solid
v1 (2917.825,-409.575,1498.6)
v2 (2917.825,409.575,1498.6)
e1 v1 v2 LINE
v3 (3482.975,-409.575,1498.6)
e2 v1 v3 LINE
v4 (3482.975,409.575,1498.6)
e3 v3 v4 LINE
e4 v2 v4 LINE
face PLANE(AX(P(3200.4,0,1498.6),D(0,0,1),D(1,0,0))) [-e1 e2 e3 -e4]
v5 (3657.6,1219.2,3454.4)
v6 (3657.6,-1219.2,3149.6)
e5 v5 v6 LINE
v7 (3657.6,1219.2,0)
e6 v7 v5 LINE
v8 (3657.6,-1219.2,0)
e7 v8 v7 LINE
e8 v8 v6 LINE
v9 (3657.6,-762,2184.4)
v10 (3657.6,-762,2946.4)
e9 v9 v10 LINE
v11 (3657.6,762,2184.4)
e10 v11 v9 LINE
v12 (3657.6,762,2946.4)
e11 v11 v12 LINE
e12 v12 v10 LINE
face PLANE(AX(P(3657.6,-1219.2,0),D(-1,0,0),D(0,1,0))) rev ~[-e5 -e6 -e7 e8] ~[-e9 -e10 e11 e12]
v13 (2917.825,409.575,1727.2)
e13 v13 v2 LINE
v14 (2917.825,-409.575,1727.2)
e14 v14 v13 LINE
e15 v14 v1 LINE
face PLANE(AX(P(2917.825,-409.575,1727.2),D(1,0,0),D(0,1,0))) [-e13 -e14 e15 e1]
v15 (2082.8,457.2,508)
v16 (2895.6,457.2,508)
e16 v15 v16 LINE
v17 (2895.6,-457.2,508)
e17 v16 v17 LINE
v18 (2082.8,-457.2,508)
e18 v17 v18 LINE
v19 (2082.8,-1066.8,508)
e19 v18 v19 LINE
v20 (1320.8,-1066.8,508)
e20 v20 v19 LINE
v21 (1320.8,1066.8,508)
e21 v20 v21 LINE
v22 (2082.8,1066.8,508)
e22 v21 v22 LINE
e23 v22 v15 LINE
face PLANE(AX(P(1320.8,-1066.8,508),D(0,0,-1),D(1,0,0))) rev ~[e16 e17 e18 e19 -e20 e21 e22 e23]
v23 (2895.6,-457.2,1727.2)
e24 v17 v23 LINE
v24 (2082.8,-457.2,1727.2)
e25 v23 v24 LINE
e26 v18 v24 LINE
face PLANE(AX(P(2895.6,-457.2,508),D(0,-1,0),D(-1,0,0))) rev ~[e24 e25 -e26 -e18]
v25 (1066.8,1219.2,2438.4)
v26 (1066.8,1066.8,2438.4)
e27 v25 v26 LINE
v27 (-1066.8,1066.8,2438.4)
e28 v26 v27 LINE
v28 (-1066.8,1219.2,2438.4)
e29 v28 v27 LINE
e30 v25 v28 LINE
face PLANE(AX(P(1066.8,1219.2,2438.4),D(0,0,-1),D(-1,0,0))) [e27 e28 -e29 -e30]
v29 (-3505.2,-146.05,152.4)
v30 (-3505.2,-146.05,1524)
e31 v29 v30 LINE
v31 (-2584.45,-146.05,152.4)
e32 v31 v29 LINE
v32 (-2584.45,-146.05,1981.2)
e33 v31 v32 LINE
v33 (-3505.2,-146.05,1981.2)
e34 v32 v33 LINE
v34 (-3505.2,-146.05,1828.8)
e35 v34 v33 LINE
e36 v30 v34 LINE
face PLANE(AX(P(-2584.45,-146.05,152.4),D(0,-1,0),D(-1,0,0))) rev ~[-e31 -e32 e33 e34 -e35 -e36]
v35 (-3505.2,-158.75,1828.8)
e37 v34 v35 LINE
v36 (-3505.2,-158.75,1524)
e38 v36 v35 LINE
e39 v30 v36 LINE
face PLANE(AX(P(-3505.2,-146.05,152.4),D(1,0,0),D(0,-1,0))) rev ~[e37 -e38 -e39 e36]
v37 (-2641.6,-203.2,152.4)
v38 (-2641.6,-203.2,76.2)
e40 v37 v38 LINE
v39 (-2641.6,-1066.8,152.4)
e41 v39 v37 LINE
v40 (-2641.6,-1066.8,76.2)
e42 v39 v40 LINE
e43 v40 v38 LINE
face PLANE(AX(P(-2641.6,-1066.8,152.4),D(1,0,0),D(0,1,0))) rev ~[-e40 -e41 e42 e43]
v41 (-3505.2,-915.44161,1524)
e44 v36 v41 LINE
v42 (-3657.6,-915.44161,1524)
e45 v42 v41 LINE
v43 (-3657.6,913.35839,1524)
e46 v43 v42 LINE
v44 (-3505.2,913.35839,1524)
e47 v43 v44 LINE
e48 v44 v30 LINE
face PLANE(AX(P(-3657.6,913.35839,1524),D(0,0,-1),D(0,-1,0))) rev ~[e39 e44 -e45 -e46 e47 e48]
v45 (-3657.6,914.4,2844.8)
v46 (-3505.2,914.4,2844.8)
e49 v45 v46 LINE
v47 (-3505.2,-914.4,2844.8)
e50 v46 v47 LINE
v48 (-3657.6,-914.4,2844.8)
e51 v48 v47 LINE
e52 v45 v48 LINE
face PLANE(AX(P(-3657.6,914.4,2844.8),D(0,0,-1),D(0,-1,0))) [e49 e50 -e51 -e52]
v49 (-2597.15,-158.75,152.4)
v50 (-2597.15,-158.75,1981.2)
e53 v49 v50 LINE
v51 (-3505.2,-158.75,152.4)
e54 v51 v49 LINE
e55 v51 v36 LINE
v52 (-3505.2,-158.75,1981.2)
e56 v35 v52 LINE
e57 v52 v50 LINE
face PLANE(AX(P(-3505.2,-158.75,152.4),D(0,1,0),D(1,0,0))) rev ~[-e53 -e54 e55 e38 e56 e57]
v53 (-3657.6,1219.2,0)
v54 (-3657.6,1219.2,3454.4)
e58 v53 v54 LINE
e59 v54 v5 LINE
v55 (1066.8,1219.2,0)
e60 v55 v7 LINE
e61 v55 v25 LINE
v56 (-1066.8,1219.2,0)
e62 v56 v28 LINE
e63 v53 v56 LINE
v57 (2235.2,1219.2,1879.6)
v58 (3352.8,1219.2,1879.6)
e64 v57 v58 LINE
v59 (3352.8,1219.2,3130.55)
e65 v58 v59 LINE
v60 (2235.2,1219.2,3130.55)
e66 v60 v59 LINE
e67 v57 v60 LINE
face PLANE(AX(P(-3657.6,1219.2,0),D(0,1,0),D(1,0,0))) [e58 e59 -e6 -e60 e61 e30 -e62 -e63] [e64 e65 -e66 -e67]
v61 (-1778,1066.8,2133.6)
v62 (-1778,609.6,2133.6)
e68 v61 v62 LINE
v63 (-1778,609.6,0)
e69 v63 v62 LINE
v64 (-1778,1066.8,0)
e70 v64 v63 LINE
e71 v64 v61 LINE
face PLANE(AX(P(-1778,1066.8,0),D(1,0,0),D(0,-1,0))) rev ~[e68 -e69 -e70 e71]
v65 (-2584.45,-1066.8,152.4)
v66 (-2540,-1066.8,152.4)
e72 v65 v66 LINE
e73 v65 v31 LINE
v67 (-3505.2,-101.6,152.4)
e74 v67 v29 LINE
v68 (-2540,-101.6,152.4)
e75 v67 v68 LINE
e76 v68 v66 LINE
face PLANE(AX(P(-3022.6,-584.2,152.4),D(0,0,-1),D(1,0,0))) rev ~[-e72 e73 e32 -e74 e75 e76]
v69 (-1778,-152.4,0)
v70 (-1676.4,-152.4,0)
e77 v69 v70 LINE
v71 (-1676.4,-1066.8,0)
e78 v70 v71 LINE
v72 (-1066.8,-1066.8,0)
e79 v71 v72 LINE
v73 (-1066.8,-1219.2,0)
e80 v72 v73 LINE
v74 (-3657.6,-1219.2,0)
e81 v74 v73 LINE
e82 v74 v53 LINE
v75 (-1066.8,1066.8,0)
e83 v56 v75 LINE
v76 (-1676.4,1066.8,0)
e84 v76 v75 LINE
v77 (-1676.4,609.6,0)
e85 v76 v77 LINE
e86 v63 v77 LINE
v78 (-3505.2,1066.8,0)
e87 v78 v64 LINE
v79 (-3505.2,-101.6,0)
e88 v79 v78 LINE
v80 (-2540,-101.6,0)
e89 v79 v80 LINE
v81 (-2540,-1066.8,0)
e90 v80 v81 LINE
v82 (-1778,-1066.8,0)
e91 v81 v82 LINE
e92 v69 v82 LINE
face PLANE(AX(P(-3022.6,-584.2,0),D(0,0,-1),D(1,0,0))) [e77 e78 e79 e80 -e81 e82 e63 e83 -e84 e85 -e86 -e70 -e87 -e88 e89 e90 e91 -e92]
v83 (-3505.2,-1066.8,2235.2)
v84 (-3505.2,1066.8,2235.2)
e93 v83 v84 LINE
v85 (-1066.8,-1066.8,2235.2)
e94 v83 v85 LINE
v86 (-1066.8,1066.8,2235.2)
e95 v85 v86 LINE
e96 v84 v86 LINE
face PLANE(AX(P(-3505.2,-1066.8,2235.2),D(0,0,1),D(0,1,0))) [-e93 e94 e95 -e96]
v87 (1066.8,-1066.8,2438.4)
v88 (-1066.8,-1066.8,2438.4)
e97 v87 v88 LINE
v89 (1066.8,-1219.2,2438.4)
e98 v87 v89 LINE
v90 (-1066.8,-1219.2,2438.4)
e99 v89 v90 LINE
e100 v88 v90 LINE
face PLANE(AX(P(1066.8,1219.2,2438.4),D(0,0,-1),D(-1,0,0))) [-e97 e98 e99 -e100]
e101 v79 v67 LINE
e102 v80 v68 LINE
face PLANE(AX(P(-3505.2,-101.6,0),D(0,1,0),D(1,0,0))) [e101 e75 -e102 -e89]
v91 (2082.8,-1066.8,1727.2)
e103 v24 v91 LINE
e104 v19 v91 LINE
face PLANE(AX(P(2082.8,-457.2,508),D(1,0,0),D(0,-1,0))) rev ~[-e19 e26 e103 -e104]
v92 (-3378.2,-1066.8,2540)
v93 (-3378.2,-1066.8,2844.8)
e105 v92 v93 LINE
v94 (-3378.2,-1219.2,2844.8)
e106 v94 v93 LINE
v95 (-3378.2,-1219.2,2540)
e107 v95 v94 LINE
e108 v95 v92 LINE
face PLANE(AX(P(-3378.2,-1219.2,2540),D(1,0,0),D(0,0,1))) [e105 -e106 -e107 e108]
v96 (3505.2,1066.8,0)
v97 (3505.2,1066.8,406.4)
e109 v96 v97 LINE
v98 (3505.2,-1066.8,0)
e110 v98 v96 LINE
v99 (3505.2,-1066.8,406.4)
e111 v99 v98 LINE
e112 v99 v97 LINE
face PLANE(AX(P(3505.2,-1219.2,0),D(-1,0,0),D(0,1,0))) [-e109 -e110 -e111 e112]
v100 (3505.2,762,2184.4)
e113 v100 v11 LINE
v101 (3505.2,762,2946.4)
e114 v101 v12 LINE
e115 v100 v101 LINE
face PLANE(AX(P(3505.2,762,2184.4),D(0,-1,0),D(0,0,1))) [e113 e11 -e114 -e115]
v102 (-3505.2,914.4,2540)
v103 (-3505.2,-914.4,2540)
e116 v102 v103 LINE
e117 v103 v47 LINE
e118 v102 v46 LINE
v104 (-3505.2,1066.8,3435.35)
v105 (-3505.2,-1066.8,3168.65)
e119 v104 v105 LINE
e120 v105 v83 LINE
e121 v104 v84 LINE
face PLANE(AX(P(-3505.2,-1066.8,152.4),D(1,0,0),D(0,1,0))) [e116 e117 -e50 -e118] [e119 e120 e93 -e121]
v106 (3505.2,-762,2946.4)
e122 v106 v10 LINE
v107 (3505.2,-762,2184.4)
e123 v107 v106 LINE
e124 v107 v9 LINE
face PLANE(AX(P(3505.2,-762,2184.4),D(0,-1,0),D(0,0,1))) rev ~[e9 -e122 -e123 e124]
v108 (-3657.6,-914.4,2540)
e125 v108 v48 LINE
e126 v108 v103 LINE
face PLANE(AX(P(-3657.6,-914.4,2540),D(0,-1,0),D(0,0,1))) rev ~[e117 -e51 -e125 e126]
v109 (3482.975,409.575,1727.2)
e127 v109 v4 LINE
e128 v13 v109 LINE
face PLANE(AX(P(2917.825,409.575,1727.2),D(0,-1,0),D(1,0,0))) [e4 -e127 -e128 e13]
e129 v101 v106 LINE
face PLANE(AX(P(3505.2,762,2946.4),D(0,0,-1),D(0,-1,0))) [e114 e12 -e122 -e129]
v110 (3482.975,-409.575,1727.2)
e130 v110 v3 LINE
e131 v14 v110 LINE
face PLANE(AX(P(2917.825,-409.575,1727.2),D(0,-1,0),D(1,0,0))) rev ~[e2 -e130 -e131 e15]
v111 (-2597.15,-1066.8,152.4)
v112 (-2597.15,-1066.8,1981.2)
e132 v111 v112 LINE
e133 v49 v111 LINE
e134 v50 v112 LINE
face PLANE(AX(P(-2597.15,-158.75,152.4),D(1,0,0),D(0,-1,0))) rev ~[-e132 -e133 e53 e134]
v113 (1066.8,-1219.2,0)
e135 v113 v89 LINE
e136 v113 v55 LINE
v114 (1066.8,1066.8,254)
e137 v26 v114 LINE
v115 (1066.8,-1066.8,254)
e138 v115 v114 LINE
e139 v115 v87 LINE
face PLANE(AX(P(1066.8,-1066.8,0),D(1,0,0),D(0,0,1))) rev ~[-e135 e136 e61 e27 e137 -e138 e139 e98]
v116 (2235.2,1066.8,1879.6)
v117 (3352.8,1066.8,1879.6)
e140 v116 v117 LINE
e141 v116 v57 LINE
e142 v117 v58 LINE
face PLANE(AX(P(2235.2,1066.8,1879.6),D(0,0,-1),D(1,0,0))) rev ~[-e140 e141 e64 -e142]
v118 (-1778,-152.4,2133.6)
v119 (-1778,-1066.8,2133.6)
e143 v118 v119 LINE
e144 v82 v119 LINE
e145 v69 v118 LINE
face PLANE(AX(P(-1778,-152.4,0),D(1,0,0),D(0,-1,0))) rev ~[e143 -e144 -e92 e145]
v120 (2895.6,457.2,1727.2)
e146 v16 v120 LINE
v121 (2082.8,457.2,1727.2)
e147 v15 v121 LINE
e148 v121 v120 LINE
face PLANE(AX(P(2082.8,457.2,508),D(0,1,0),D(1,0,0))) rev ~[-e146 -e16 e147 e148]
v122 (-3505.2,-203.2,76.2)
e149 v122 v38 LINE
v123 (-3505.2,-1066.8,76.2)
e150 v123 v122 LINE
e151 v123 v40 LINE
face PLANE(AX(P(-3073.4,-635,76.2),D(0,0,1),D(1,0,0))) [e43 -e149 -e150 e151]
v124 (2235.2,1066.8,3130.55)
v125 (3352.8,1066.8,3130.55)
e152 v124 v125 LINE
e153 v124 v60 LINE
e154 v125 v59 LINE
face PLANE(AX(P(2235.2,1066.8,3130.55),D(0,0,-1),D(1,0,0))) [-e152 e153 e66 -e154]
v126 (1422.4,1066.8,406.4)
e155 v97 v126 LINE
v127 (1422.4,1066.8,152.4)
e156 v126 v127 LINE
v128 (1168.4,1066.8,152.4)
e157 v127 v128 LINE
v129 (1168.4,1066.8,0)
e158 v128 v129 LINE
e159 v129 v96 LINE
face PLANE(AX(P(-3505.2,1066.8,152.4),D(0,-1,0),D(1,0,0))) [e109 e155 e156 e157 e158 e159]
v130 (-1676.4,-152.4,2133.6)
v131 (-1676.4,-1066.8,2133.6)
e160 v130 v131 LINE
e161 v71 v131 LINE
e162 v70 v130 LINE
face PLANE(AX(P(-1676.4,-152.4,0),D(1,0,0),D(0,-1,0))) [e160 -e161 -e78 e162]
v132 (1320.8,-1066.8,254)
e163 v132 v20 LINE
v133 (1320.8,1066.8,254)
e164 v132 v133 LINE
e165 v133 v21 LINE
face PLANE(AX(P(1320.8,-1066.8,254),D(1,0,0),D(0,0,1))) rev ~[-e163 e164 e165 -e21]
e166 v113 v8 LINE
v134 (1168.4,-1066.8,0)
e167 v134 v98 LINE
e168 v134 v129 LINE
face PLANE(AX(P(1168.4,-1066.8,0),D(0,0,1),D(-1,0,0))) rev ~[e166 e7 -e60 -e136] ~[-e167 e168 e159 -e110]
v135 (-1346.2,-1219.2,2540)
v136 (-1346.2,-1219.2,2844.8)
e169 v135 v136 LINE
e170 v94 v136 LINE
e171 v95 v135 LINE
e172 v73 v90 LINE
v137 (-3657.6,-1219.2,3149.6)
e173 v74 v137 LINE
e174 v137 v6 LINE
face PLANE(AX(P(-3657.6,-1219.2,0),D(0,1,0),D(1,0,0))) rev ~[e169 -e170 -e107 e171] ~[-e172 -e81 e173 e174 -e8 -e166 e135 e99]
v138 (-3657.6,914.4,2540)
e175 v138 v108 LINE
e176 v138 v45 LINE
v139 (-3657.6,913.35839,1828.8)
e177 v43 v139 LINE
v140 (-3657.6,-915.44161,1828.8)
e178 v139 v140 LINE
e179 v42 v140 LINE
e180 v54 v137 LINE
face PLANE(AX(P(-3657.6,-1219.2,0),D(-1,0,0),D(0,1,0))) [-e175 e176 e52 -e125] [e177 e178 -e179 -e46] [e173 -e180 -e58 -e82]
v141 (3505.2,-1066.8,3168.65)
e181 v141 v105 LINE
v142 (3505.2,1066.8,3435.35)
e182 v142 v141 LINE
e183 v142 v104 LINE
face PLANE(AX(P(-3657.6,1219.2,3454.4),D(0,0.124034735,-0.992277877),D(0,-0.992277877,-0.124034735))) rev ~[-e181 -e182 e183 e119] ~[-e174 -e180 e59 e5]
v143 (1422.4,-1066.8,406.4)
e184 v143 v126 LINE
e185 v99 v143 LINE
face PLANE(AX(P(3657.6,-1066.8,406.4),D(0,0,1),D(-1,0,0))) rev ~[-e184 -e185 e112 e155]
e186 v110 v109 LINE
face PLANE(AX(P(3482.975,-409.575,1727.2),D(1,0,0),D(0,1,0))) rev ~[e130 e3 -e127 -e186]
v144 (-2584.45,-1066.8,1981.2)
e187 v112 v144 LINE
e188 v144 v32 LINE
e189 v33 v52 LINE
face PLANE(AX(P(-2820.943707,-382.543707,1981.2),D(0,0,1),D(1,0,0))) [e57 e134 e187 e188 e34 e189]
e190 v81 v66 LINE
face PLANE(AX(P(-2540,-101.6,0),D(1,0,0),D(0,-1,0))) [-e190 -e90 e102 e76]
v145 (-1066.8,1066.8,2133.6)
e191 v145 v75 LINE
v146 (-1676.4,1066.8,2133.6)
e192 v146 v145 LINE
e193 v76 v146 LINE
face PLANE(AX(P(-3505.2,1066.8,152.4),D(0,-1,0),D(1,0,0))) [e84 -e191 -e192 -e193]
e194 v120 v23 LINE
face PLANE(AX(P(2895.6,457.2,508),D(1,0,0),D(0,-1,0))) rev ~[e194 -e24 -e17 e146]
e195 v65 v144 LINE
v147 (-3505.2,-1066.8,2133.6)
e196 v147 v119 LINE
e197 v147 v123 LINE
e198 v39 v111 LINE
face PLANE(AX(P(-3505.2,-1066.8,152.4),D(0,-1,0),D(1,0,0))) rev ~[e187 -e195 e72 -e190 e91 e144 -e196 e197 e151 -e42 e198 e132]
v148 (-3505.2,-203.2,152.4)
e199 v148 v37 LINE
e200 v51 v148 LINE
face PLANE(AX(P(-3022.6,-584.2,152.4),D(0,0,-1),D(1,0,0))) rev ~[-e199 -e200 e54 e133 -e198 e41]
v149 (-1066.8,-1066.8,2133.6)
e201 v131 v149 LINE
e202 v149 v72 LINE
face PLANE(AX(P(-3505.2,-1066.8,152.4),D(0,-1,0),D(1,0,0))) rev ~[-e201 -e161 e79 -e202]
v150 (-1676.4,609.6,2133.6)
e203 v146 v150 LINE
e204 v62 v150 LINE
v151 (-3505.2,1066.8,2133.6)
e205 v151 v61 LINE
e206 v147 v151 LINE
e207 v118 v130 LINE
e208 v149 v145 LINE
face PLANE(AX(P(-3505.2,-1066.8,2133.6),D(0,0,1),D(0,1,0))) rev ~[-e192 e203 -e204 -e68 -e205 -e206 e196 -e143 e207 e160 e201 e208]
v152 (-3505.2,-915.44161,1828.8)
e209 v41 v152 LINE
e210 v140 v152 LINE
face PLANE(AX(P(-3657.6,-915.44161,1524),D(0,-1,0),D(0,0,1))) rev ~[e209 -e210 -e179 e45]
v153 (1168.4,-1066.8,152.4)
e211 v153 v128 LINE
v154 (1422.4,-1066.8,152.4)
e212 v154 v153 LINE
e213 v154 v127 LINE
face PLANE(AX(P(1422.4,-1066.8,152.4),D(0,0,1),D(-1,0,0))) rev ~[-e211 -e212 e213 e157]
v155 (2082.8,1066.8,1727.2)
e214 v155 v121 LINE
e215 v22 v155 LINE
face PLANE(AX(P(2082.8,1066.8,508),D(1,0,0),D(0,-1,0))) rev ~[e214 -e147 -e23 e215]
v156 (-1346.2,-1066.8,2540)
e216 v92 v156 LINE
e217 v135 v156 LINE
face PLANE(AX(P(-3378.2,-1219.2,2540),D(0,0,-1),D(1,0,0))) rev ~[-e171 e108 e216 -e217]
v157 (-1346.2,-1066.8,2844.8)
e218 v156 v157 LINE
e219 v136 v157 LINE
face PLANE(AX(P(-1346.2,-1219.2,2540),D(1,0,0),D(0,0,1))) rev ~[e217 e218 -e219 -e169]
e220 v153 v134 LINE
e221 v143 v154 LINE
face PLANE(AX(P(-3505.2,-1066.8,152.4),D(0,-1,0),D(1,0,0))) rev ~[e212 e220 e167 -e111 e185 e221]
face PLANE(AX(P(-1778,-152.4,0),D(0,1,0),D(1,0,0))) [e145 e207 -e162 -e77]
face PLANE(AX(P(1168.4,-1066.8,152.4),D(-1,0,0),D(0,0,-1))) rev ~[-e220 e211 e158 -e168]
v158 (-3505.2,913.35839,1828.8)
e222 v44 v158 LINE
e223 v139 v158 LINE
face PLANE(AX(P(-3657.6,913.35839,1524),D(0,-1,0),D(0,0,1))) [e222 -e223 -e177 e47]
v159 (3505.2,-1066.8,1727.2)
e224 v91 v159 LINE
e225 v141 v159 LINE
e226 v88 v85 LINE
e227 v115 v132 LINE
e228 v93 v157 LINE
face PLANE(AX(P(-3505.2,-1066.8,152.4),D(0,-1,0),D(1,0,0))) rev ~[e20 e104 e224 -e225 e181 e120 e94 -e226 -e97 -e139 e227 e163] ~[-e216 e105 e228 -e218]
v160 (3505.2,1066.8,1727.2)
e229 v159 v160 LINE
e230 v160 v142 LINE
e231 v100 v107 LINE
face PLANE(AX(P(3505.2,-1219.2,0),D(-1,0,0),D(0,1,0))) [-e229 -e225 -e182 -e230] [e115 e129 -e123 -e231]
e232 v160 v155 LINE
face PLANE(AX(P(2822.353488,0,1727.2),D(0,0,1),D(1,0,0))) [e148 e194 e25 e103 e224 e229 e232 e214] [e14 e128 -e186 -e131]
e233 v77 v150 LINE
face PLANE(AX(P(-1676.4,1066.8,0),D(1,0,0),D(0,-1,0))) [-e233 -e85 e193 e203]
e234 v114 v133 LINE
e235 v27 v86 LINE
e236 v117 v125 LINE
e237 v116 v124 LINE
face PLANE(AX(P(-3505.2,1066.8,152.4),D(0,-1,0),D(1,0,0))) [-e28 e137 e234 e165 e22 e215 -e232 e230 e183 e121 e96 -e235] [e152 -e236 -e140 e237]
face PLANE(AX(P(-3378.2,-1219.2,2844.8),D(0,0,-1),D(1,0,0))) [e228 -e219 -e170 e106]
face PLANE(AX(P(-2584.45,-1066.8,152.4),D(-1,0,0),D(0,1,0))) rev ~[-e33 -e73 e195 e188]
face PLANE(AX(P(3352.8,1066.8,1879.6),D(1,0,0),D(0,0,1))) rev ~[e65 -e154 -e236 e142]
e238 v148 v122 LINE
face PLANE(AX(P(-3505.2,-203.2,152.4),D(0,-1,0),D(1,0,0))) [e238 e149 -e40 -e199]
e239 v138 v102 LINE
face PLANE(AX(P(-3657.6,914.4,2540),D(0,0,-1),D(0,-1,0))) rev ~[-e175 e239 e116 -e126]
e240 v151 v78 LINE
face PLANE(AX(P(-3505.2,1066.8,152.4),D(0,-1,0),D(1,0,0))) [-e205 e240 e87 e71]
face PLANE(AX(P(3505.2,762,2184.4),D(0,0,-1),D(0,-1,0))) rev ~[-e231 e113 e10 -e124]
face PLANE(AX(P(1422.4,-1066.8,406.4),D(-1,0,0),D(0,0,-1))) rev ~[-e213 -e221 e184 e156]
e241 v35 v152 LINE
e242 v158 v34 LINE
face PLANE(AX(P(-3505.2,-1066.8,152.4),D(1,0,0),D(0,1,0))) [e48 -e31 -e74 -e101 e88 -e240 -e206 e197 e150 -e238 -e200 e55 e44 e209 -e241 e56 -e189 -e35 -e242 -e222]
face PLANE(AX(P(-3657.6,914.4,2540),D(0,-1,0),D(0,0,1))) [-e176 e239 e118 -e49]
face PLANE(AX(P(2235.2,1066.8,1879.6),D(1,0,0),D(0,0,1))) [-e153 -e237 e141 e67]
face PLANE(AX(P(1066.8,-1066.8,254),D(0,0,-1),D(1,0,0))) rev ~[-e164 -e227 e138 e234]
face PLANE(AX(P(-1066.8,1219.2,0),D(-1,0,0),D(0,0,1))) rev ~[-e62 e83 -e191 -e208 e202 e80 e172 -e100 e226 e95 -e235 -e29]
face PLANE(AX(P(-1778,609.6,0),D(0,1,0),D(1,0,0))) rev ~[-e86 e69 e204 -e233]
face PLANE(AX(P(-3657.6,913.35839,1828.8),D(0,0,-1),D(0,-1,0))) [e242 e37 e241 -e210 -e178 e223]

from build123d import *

# Parameters (mm, degrees)
F0_W      = 7315.2
F0_H      = 2438.4
F1_DEPTH  = 3454.4
F2_T      = -152.4
F4_DEPTH  = 7315.2
F5_W      = 2133.6
F5_H      = 2438.4
F6_DEPTH  = 2438.4
F7_W      = 7010.4
F7_H      = 2133.6
F8_DEPTH  = 152.4
F9_W      = 2133.6
F9_H      = 101.6
F10_DEPTH = 2438.4
F12_DEPTH = 2133.6
F13_W     = 1117.6
F13_H     = 1250.95
F14_DEPTH = 152.4
F16_DEPTH = 1219.2
F17_W     = 1524
F17_H     = 762
F18_DEPTH = 152.4
F19_W     = 565.15
F19_H     = 819.15
F20_DEPTH = 228.6
F22_W     = 1828.8
F22_H     = 304.8
F23_DEPTH = 152.4
F24_W     = 101.6
F24_H     = 914.4
F24_H_2   = 457.2
F25_DEPTH = 2133.6
F26_W     = 965.2
F26_H     = 965.2
F27_DEPTH = 152.4
F28_W     = 863.6
F28_H     = 863.6
F29_DEPTH = 76.2
F31_DEPTH = 1828.8
F32_W     = 2032
F32_H     = 304.8
F33_DEPTH = 152.4


with BuildPart() as f1:
    # F0 (on Top) → F1 (new body)
    with BuildSketch(Plane.XY):
        Rectangle(F0_W, F0_H)
    extrude(amount=F1_DEPTH)

    # F2
    f2_openings = [f1.faces().sort_by_distance(p)[0] for p in [
        (0, 0, 3454.4),
    ]]
    offset(amount=F2_T, openings=f2_openings)

    # F3 (on face) → F4 (cut, through all)
    with BuildSketch(Plane(origin=(-3657.6, 0, 0), x_dir=(0, -1, 0), z_dir=(-1, 0, 0))):
        Polygon((1219.2, 3454.4), (-1219.2, 3454.4), (1219.2, 3149.6), align=None)
    extrude(amount=-F4_DEPTH, mode=Mode.SUBTRACT)

    # F5 (on face) → F6 (cut, through all)
    with BuildSketch(Plane(origin=(0, 1219.2, 0), x_dir=(-1, 0, 0), z_dir=(0, 1, 0))):
        with Locations((0, 1219.2)):
            Rectangle(F5_W, F5_H)
    extrude(amount=-F6_DEPTH, mode=Mode.SUBTRACT)

    # F7 (on face) → F8 (cut, through all)
    with BuildSketch(Plane.XY.offset(152.4)):
        Rectangle(F7_W, F7_H)
    extrude(amount=-F8_DEPTH, mode=Mode.SUBTRACT)

    # F9 (on face) → F10 (join)
    with BuildSketch(Plane.YZ.offset(-3505.2)):
        with Locations((0, 2184.4)):
            Rectangle(F9_W, F9_H)
    extrude(amount=F10_DEPTH)

    # F11 (on face) → F12 (join, through all)
    with BuildSketch(Plane(origin=(0, -1066.8, 0), x_dir=(-1, 0, 0), z_dir=(0, 1, 0))):
        Polygon((-1168.4, 0), (-1066.8, 0), (-1066.8, 254), (-1320.8, 254), (-1320.8, 508), (-3657.6, 508), (-3657.6, 406.4), (-1422.4, 406.4), (-1422.4, 152.4), (-1168.4, 152.4), align=None)
    extrude(amount=F12_DEPTH)

    # F13 (on face) → F14 (cut, through all)
    with BuildSketch(Plane.XZ.offset(-1066.8)):
        with Locations((2794, 2505.075)):
            Rectangle(F13_W, F13_H)
    extrude(amount=-F14_DEPTH, mode=Mode.SUBTRACT)

    # F15 (on face) → F16 (join)
    with BuildSketch(Plane.XY.offset(508)):
        Polygon((3505.2, 1066.8), (2082.8, 1066.8), (2082.8, 457.2), (2895.6, 457.2), (2895.6, -457.2), (2082.8, -457.2), (2082.8, -1066.8), (3505.2, -1066.8), align=None)
    extrude(amount=F16_DEPTH)

    # F17 (on face) → F18 (cut, through all)
    with BuildSketch(Plane(origin=(3505.2, 0, 0), x_dir=(0, -1, 0), z_dir=(-1, 0, 0))):
        with Locations((0, 2565.4)):
            Rectangle(F17_W, F17_H)
    extrude(amount=-F18_DEPTH, mode=Mode.SUBTRACT)

    # F19 (on face) → F20 (cut)
    with BuildSketch(Plane.XY.offset(1727.2)):
        with Locations((3200.4, 0)):
            Rectangle(F19_W, F19_H)
    extrude(amount=-F20_DEPTH, mode=Mode.SUBTRACT)

    # F22 (on face) → F23 (cut, through all)
    with BuildSketch(Plane(origin=(-3657.6, 0, 0), x_dir=(0, -1, 0), z_dir=(-1, 0, 0))):
        with Locations((0, 2692.4)):
            Rectangle(F22_W, F22_H)
        with Locations((1.0416096687, 1676.4)):
            Rectangle(F22_W, F22_H)
    extrude(amount=-F23_DEPTH, mode=Mode.SUBTRACT)

    # F24 (on face) → F25 (join, through all)
    with BuildSketch(Plane(origin=(0, 0, 0), x_dir=(1, 0, 0), z_dir=(0, 0, -1))):
        with Locations((-1727.2, 609.6)):
            Rectangle(F24_W, F24_H)
        with Locations((-1727.2, -838.2)):
            Rectangle(F24_W, F24_H_2)
    extrude(amount=-F25_DEPTH)

    # F26 (on face) → F27 (join)
    with BuildSketch(Plane(origin=(0, 0, 0), x_dir=(1, 0, 0), z_dir=(0, 0, -1))):
        with Locations((-3022.6, 584.2)):
            Rectangle(F26_W, F26_H)
    extrude(amount=-F27_DEPTH)

    # F28 (on face) → F29 (cut)
    with BuildSketch(Plane.XY.offset(152.4)):
        with Locations((-3073.4, -635)):
            Rectangle(F28_W, F28_H)
    extrude(amount=-F29_DEPTH, mode=Mode.SUBTRACT)

    # F30 (on face) → F31 (join)
    with BuildSketch(Plane.XY.offset(152.4)):
        Polygon((-2584.45, -146.05), (-3505.2, -146.05), (-3505.2, -158.75), (-2597.15, -158.75), (-2597.15, -1066.8), (-2584.45, -1066.8), align=None)
    extrude(amount=F31_DEPTH)

    # F32 (on face) → F33 (cut, through all)
    with BuildSketch(Plane.XZ.offset(1219.2)):
        with Locations((-2362.2, 2692.4)):
            Rectangle(F32_W, F32_H)
    extrude(amount=-F33_DEPTH, mode=Mode.SUBTRACT)


solid = f1.part
